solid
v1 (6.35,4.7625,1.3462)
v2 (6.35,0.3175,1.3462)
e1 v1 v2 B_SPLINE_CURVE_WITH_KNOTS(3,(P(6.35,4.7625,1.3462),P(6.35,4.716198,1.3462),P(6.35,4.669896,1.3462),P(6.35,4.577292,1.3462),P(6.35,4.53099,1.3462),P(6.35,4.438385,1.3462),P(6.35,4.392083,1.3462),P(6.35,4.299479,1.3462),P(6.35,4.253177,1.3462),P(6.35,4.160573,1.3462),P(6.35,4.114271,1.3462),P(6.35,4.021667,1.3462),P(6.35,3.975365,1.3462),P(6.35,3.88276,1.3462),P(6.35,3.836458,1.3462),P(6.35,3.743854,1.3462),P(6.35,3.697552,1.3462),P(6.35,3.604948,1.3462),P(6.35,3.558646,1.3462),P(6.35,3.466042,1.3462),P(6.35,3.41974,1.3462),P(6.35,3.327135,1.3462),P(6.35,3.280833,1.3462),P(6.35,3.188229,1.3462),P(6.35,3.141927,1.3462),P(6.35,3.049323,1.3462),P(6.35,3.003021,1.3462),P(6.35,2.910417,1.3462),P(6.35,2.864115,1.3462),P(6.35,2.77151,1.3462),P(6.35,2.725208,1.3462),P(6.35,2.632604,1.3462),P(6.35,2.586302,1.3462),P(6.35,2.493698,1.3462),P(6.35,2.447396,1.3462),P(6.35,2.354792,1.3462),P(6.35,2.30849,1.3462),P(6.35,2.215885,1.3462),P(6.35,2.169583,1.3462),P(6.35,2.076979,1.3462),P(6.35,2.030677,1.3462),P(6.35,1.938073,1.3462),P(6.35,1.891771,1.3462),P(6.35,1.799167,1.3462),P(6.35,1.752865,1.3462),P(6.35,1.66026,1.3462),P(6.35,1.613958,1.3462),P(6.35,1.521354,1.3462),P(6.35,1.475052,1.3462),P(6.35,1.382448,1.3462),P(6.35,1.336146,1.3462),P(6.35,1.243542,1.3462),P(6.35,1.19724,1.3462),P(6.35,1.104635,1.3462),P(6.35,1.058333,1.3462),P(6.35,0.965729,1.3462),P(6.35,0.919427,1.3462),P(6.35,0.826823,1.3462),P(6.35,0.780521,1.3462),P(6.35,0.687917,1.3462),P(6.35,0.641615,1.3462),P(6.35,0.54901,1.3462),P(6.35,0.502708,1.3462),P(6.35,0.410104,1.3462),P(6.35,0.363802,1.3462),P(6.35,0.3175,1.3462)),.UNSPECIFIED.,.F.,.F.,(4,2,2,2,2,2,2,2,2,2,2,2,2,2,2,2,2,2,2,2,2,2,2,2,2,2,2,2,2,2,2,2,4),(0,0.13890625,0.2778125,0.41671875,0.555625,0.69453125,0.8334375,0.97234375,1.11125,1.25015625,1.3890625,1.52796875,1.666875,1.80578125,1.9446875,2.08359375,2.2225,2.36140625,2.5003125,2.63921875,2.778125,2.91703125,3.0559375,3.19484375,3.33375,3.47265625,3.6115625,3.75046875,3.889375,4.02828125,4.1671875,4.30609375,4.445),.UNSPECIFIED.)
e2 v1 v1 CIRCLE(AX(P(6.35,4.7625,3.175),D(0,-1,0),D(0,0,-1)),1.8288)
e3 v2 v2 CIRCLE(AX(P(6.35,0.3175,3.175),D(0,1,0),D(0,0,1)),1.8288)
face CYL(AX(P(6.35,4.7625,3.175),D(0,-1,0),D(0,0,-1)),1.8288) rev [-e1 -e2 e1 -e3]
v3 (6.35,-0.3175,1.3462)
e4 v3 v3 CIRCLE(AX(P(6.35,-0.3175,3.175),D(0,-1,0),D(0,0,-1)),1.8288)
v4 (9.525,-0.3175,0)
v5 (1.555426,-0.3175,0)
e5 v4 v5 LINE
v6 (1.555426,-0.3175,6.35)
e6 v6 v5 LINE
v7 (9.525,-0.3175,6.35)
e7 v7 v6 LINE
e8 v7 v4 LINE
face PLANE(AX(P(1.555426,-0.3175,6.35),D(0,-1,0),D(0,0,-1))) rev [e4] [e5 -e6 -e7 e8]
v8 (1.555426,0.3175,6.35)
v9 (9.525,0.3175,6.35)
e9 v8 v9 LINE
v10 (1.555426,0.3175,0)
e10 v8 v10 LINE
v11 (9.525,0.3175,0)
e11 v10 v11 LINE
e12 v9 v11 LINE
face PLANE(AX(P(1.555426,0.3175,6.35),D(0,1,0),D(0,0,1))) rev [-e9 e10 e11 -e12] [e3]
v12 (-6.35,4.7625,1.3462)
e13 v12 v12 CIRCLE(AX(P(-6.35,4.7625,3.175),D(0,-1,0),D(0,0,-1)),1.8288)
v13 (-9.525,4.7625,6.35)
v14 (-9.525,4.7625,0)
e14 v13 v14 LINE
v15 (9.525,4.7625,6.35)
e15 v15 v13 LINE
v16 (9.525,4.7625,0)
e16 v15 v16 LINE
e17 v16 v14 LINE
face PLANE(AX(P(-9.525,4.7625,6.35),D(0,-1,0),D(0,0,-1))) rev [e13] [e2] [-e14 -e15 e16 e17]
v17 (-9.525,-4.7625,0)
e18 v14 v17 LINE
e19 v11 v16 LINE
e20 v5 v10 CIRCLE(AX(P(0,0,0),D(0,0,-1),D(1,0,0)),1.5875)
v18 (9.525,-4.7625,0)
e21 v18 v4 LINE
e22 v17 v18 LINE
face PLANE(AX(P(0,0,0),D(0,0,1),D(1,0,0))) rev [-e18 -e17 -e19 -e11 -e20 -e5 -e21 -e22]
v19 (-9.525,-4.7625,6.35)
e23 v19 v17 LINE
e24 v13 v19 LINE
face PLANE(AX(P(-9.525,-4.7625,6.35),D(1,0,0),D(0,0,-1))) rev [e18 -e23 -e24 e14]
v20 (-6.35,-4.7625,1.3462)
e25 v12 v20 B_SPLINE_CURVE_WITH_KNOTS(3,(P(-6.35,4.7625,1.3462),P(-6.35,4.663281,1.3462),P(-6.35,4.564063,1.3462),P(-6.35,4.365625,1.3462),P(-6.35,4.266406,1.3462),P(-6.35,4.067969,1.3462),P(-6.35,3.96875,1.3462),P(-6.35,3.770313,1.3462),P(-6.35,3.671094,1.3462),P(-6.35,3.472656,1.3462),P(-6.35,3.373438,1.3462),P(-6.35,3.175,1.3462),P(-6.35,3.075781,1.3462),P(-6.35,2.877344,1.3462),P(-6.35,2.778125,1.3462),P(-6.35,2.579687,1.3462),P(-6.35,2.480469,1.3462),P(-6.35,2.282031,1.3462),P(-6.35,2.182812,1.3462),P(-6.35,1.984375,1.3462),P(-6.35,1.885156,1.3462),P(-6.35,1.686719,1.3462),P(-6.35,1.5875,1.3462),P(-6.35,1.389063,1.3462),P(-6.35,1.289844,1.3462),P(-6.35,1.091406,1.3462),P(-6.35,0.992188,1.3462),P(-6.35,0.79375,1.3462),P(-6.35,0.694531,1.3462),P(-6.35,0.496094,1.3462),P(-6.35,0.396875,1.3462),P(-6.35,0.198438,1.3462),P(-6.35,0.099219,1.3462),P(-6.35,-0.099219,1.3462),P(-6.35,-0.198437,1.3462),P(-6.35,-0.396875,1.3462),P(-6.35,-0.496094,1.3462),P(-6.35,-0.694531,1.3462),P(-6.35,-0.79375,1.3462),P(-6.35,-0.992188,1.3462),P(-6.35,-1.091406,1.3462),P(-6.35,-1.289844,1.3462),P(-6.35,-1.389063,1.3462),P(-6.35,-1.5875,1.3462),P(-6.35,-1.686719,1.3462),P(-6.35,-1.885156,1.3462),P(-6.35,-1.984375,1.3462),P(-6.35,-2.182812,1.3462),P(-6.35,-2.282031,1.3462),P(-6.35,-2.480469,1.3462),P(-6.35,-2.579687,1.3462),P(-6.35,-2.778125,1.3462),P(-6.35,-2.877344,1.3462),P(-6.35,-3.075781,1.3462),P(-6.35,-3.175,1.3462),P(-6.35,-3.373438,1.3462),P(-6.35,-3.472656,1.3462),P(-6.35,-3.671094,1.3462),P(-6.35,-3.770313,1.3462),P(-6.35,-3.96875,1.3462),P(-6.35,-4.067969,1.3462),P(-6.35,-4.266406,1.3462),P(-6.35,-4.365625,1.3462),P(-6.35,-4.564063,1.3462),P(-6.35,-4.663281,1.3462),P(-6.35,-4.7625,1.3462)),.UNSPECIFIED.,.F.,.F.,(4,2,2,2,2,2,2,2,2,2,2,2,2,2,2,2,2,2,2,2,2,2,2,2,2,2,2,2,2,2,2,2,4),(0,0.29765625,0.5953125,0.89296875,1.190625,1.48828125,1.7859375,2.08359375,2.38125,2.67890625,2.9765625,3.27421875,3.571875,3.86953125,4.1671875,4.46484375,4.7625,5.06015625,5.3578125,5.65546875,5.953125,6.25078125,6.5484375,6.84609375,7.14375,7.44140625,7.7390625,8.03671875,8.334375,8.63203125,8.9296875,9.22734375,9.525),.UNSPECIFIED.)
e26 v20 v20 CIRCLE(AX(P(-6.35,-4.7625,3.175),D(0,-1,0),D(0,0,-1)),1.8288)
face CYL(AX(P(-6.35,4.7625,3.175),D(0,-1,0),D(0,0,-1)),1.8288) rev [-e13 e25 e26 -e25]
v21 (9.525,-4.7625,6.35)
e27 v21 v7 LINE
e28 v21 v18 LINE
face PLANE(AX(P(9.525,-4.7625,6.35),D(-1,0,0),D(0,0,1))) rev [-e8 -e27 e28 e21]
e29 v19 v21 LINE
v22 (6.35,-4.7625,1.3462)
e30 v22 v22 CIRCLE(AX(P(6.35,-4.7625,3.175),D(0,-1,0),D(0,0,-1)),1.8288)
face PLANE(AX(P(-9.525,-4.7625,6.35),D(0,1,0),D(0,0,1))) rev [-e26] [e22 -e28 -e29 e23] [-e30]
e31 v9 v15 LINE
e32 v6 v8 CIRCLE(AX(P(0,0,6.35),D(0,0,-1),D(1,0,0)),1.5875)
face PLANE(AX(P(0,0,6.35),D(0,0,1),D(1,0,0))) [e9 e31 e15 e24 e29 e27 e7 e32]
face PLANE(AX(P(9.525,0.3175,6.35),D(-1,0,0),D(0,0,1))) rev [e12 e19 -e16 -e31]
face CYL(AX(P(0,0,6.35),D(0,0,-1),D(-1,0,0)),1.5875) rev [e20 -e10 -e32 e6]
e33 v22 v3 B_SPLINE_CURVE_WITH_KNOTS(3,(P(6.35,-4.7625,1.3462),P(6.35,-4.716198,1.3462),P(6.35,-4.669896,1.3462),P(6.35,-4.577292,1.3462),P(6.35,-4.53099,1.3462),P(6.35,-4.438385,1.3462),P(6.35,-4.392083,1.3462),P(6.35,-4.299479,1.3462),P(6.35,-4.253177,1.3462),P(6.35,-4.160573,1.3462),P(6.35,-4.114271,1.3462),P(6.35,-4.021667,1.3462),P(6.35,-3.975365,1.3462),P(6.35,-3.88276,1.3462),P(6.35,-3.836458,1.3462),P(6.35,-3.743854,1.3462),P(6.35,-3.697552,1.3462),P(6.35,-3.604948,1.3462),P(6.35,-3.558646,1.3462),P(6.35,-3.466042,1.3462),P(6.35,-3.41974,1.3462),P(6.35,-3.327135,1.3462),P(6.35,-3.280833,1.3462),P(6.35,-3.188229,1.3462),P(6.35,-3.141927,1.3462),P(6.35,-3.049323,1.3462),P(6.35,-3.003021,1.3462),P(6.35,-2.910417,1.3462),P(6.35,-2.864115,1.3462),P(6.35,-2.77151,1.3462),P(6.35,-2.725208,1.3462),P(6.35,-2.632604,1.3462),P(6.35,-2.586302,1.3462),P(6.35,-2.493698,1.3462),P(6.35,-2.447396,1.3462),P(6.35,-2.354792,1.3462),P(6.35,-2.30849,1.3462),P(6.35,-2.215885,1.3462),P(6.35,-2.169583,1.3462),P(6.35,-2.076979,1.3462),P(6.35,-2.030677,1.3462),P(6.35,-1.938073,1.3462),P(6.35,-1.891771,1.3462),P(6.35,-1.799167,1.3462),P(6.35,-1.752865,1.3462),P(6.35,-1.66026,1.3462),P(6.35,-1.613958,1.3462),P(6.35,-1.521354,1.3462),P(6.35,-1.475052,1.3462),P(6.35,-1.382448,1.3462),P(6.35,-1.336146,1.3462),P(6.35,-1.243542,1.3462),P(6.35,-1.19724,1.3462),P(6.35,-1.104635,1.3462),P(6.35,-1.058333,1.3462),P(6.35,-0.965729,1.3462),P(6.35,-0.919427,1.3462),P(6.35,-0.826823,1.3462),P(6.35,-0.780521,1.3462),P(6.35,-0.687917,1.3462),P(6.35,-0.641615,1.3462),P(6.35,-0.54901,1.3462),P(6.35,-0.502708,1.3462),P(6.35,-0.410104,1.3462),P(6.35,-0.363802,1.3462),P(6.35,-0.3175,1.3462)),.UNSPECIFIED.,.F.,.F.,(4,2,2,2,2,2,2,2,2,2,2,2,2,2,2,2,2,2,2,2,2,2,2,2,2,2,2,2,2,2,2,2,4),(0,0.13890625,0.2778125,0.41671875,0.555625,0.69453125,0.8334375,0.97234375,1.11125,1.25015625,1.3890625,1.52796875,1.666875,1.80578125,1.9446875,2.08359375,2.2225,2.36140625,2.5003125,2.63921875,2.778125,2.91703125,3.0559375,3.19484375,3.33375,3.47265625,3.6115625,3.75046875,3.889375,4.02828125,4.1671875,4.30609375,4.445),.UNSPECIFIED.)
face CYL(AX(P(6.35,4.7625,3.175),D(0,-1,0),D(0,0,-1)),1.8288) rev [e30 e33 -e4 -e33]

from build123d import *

# Parameters (mm, degrees)
BOSS_EXTRUDE1_DEPTH = 6.35
SKETCH2_R           = 1.8288
CUT_EXTRUDE1_DEPTH  = 15.892070037


with BuildPart() as part:
    # Sketch1 → Boss-Extrude1 (new body)
    with BuildSketch(Plane.XY):
        with BuildLine():
            Line((-9.525, -4.7625), (9.525, -4.7625))
            Line((9.525, -4.7625), (9.525, -0.3175))
            Line((9.525, -0.3175), (1.555425987, -0.3175))
            ThreePointArc((1.555425987, -0.3175), (-1.5875, 0), (1.555425987, 0.3175))
            Line((1.555425987, 0.3175), (9.525, 0.3175))
            Line((9.525, 0.3175), (9.525, 4.7625))
            Line((9.525, 4.7625), (-9.525, 4.7625))
            Line((-9.525, 4.7625), (-9.525, -4.7625))
        make_face()
    extrude(amount=BOSS_EXTRUDE1_DEPTH)

    # Sketch2 → Cut-Extrude1 (cut, through all)
    with BuildSketch(Plane.XZ.offset(4.7625)):
        with Locations(Location((-6.35, 3.175, 0), (0, 0, 270))):
            Circle(SKETCH2_R)
        with Locations(Location((6.35, 3.175, 0), (0, 0, 270))):
            Circle(SKETCH2_R)
    extrude(amount=-CUT_EXTRUDE1_DEPTH, mode=Mode.SUBTRACT)


solid = part.part
